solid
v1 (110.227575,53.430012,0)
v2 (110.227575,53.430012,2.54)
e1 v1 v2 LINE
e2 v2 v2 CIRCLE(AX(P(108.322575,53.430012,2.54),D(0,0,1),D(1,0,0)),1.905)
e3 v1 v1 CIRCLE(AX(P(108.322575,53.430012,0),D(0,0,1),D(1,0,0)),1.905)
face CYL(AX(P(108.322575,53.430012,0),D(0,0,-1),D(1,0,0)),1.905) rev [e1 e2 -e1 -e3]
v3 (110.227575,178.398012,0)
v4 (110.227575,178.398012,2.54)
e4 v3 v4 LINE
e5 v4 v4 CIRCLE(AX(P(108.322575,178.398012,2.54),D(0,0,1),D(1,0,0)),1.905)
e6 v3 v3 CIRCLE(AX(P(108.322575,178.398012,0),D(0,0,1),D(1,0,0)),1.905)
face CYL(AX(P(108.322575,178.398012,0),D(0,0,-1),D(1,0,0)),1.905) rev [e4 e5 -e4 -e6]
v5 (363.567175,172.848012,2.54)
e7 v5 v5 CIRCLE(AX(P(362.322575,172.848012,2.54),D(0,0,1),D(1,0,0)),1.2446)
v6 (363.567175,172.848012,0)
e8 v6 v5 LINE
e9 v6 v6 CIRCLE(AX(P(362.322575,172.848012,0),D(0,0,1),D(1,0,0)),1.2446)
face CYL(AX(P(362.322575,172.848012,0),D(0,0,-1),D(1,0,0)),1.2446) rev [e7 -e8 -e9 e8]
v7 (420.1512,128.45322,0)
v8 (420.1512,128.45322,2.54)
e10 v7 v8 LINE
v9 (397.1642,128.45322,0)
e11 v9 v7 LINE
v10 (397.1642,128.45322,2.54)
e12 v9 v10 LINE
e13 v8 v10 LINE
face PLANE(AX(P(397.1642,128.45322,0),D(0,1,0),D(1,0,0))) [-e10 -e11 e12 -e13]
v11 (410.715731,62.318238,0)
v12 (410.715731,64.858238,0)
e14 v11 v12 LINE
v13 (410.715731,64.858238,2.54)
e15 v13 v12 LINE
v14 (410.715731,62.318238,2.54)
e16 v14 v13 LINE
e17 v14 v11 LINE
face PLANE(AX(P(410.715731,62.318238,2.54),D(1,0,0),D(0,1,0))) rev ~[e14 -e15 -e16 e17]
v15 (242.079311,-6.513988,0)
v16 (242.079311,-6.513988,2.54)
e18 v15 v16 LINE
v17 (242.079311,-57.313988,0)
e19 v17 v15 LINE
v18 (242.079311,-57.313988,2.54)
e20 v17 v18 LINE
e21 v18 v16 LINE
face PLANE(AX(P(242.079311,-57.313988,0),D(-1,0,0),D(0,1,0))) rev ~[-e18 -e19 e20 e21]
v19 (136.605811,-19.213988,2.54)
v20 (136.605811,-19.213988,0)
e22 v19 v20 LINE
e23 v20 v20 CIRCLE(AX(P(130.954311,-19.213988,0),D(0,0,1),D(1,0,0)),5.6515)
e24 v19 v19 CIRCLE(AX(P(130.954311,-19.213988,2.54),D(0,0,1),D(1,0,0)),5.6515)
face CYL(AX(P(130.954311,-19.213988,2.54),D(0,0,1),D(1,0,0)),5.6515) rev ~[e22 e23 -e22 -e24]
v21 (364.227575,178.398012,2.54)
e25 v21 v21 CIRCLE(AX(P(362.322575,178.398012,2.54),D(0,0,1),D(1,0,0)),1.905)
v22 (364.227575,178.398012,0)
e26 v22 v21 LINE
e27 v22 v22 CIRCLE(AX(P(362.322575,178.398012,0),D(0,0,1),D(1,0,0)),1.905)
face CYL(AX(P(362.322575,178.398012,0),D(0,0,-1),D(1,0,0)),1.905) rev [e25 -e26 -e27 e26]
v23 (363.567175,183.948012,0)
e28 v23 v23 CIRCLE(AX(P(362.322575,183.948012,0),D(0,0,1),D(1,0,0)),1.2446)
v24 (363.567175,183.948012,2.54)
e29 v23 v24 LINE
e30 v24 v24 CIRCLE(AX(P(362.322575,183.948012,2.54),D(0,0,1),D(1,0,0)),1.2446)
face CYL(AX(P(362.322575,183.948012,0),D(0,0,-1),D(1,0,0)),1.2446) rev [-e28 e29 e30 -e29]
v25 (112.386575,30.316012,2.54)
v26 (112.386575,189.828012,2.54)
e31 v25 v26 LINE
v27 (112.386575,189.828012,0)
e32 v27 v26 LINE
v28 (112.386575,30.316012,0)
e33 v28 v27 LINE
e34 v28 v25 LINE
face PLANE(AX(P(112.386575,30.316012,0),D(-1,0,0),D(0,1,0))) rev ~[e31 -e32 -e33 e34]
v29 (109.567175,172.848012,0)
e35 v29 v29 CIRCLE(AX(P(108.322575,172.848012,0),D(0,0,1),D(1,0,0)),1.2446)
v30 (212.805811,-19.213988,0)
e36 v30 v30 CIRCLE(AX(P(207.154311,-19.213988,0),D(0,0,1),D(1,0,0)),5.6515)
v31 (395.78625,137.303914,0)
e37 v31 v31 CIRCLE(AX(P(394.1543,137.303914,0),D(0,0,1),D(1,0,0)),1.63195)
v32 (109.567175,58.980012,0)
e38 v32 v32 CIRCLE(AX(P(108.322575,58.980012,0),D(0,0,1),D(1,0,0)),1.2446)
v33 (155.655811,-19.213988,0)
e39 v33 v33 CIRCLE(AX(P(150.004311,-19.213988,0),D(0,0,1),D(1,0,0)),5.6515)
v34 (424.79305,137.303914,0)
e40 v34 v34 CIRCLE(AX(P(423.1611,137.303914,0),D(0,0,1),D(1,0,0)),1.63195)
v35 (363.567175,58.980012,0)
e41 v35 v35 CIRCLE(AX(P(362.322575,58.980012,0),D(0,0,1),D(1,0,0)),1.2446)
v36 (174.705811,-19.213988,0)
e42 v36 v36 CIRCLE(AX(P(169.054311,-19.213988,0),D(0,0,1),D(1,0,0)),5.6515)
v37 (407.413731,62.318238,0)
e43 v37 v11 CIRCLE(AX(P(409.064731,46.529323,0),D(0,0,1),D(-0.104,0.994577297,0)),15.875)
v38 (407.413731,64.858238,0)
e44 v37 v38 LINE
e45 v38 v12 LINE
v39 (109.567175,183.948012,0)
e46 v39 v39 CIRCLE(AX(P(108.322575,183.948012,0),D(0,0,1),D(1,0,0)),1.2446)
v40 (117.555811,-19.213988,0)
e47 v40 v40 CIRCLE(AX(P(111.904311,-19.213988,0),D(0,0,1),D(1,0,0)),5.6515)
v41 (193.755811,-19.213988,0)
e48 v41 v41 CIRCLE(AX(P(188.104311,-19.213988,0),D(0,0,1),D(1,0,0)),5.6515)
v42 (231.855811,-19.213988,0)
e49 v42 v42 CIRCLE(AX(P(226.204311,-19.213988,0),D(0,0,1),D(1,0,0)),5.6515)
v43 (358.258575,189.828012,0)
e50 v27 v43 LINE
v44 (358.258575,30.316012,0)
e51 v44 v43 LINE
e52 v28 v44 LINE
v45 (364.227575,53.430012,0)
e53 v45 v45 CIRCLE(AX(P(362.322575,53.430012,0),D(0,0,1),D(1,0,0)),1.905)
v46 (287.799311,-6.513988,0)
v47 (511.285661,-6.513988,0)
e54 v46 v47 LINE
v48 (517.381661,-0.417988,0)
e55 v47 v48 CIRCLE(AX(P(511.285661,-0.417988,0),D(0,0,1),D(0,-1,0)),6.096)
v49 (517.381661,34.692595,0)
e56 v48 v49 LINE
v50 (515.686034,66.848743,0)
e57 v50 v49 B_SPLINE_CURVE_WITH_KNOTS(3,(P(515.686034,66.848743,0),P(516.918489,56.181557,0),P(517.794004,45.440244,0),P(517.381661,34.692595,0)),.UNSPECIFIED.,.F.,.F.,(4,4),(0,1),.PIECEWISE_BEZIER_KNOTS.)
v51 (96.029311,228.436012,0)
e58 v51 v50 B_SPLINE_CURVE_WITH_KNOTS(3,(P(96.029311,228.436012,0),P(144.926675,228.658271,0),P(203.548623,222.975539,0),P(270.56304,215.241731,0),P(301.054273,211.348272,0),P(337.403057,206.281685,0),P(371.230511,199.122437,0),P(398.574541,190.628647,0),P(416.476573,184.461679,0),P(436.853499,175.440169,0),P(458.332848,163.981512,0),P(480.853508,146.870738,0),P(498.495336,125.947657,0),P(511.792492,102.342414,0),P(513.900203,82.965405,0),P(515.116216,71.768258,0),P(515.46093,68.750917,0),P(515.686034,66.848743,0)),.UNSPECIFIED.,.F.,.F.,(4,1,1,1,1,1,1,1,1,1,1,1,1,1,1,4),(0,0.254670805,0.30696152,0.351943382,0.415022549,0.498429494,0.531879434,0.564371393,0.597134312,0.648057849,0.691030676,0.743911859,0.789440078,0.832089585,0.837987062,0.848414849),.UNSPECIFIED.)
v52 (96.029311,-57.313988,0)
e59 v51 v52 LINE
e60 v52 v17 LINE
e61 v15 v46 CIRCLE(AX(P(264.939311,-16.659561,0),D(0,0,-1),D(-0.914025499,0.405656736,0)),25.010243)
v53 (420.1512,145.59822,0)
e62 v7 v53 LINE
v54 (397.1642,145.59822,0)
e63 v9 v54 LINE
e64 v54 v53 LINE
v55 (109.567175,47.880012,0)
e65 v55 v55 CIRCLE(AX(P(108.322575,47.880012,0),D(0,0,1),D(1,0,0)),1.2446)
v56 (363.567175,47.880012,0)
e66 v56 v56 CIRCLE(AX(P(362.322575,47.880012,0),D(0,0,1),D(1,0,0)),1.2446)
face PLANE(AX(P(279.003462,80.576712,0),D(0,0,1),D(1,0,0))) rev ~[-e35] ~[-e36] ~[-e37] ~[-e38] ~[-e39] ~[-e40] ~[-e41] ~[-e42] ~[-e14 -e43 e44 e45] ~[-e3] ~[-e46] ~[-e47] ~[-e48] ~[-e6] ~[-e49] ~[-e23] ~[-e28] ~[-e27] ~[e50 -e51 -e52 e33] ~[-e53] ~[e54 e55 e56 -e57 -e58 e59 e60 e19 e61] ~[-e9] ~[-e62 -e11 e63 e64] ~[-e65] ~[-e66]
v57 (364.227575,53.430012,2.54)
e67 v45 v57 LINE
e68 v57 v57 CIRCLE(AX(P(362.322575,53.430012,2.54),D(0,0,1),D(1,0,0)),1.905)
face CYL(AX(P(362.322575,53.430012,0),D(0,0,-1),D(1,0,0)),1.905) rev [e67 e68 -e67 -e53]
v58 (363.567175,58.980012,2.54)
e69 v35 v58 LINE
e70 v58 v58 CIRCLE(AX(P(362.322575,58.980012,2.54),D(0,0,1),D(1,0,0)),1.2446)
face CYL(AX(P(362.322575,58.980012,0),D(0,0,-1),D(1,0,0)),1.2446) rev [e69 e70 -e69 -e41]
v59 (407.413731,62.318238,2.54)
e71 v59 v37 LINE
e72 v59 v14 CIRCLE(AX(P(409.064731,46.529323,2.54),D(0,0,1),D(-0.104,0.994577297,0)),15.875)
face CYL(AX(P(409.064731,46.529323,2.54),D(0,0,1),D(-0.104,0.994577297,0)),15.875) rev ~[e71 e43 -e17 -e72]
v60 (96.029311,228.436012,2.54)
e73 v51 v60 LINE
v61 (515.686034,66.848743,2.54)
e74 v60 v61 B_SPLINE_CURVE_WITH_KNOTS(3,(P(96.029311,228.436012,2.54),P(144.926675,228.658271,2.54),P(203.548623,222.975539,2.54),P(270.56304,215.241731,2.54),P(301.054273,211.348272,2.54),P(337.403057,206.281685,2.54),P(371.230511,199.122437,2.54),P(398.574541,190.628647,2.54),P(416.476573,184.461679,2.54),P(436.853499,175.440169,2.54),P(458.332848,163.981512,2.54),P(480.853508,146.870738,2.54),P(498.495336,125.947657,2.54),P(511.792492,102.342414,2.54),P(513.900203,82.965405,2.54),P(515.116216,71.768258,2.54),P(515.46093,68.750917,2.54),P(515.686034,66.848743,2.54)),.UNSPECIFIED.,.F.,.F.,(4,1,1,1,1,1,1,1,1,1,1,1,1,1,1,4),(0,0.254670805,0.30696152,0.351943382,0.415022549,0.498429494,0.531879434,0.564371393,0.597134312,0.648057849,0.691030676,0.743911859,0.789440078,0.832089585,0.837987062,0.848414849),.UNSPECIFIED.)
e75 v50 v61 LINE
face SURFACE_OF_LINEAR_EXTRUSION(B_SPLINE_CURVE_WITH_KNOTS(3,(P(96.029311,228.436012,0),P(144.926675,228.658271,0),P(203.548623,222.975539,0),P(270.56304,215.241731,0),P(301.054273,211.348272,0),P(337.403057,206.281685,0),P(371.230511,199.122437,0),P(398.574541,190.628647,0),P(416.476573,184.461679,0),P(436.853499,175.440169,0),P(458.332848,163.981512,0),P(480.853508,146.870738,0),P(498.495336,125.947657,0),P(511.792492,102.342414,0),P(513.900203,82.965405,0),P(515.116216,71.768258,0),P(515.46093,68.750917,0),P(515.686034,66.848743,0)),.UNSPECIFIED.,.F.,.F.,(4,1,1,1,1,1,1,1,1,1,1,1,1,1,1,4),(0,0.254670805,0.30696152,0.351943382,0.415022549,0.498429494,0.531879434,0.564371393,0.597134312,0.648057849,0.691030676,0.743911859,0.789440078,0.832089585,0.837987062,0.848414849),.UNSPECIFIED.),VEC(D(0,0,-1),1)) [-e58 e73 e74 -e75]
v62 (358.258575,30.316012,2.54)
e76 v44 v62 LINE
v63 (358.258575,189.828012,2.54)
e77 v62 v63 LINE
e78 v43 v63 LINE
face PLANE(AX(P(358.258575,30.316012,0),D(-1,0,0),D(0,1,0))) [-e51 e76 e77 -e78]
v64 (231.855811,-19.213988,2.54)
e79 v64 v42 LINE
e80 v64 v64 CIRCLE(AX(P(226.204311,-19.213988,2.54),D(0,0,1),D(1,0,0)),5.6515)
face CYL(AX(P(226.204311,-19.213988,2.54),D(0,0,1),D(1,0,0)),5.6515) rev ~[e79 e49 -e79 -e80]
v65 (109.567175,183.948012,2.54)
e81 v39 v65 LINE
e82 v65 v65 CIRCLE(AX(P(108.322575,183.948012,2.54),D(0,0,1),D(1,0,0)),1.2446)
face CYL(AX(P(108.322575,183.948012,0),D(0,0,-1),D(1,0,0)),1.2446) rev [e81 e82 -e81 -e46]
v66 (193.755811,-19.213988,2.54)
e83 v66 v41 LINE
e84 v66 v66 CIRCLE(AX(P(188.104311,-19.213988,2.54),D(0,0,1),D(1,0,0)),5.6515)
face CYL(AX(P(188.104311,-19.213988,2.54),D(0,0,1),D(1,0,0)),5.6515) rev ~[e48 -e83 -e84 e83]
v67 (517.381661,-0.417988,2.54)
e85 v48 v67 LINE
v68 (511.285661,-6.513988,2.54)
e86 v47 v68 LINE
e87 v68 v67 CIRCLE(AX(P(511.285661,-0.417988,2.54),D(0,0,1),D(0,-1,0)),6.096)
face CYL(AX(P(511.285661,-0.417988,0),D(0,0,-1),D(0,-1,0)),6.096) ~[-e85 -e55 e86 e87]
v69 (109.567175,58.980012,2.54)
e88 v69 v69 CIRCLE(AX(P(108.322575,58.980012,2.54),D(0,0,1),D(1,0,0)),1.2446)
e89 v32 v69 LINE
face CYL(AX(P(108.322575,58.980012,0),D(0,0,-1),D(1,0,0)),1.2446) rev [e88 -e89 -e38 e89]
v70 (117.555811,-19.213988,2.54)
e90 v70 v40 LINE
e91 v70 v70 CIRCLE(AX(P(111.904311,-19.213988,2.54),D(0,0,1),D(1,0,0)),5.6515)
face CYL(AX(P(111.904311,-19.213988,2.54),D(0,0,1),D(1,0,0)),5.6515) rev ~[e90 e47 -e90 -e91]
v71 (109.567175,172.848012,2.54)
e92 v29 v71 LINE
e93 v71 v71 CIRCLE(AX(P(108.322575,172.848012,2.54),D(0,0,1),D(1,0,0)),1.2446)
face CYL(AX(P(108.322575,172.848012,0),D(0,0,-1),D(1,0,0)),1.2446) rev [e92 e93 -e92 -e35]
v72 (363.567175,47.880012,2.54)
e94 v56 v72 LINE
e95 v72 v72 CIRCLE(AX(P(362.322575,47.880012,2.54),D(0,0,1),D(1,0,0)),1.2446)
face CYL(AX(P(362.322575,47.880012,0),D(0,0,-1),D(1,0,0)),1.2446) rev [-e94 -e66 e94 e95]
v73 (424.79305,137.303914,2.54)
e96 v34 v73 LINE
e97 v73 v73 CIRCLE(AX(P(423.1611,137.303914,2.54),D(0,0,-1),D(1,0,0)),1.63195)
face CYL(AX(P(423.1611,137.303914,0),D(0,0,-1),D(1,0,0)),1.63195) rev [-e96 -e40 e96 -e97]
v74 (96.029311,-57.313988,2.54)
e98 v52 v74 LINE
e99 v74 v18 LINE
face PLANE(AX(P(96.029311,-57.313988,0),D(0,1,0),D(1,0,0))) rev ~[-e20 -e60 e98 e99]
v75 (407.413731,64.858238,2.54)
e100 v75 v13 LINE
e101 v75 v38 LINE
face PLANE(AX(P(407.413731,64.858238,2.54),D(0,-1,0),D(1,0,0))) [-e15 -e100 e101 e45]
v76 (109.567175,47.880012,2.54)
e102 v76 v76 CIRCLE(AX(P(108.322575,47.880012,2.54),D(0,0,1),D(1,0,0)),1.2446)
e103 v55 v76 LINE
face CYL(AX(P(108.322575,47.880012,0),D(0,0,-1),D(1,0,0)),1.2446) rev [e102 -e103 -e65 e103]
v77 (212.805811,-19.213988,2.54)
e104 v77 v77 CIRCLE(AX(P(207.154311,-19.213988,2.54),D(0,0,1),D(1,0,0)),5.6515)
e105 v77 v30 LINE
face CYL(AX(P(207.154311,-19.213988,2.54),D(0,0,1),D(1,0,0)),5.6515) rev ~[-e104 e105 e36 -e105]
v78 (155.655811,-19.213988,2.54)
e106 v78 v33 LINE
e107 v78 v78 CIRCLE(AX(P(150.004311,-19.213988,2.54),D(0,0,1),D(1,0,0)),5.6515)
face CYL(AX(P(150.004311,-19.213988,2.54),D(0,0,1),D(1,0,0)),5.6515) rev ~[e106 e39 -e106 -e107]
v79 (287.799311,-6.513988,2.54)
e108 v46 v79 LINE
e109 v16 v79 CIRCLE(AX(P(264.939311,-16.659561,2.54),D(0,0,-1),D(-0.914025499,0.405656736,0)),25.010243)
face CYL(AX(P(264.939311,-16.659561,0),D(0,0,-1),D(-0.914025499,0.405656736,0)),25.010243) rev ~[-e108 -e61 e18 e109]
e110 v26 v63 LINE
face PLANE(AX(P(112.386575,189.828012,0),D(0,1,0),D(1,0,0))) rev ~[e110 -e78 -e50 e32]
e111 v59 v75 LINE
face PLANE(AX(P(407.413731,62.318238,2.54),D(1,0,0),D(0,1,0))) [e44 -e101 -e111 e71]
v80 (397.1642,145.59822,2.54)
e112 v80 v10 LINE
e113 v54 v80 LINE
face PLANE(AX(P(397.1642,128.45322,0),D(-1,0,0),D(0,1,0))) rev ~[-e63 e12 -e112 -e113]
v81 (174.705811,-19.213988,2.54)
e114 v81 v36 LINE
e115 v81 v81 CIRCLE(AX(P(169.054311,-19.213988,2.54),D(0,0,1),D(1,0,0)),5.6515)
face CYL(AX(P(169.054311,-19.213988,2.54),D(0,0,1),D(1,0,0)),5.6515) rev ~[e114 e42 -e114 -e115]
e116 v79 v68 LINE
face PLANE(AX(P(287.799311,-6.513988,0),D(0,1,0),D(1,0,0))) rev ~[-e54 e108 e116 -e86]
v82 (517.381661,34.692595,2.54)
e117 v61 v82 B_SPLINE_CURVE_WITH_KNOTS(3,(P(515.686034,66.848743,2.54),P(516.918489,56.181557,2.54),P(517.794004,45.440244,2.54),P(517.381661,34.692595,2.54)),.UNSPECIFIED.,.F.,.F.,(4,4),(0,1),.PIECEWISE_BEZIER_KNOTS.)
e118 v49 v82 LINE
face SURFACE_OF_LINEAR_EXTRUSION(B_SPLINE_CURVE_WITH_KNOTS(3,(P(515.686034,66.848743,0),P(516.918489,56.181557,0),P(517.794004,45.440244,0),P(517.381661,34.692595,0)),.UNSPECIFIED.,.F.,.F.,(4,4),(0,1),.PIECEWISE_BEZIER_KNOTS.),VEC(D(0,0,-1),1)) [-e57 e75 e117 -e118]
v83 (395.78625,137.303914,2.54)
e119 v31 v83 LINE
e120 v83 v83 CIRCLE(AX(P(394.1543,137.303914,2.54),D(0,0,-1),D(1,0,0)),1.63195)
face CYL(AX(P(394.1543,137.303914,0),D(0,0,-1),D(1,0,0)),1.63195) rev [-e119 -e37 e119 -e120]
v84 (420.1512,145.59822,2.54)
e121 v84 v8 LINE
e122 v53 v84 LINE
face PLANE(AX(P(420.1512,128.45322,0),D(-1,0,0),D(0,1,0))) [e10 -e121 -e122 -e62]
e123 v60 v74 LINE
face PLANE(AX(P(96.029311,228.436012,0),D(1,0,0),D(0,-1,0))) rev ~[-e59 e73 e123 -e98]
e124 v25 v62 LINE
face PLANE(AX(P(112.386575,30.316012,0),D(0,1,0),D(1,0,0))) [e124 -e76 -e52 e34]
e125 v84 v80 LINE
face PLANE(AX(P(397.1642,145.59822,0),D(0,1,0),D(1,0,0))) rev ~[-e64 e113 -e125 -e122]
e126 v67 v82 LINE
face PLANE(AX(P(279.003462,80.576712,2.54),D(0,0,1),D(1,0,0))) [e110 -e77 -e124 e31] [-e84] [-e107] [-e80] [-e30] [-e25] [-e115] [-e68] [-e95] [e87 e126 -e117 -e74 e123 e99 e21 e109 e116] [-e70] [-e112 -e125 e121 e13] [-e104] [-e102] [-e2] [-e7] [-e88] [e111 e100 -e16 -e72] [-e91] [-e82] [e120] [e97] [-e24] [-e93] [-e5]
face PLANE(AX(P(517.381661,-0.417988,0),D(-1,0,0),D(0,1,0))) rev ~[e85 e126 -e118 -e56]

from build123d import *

# Parameters (mm, degrees)
SKETCH1_R               = 1.905
SKETCH1_R_2             = 1.2446
SKETCH1_W               = 245.872
SKETCH1_H               = 159.512
BOSS_EXTRUDE1_DEPTH     = 2.54
SKETCH2_R               = 5.6515
SKETCH2_R_2             = 15.875
SKETCH2_W               = 3.302
SKETCH2_H               = 2.54
CUT_EXTRUDE2_DEPTH      = 3.5400001
SKETCH3_R               = 1.63195
SKETCH3_W               = 22.987
SKETCH3_H               = 17.145
CUT_EXTRUDE5_DEPTH      = 3.5400001
CUT_EXTRUDE5_DEPTH_BACK = 1.0000001


with BuildPart() as part:
    # Sketch1 → Boss-Extrude1 (new body)
    with BuildSketch(Plane.XY):
        with BuildLine():
            Line((96.029310651, -57.313987504), (242.079310651, -57.313987504))
            Line((242.079310651, -57.313987504), (242.079310651, -6.513987504))
            ThreePointArc((242.079310651, -6.513987504), (264.939310651, 8.350682057), (287.799310651, -6.513987504))
            Line((287.799310651, -6.513987504), (490.999310651, -6.513987504))
            Line((490.999310651, -6.513987504), (511.285660852, -6.513987504))
            ThreePointArc((511.285660852, -6.513987504), (515.59618379, -4.728510442), (517.381660852, -0.417987504))
            Line((517.381660852, -0.417987504), (517.381660852, 34.692594504))
            add(Edge.make_bspline(
                [(515.686034075, 66.84874319), (516.918488575, 56.181556652), (517.794003636, 45.440244355), (517.381660852, 34.692594504)],
                knots=[0, 0, 0, 0, 1, 1, 1, 1], degree=3))
            add(Edge.make_bspline(
                [(96.029310651, 228.436012496), (144.926674915, 228.658270785), (203.548623262, 222.975538923), (270.563039618, 215.241730599), (301.05427316, 211.348272032), (337.403056688, 206.281684921), (371.23051068, 199.122437102), (398.574540544, 190.628647424), (416.476572896, 184.461678972), (436.853499291, 175.440168675), (458.332847863, 163.981511619), (480.853508434, 146.870738004), (498.495336111, 125.94765692), (511.792491849, 102.342414185), (513.900203367, 82.965404627), (515.116215806, 71.768257938), (515.46092989, 68.750917138), (515.686034075, 66.84874319)],
                knots=[0, 0, 0, 0, 0.254670805, 0.30696152, 0.351943382, 0.415022549, 0.498429494, 0.531879434, 0.564371393, 0.597134312, 0.648057849, 0.691030676, 0.743911859, 0.789440078, 0.832089585, 0.837987062, 0.848414849, 0.848414849, 0.848414849, 0.848414849], degree=3))
            Line((96.029310651, 228.436012496), (96.029310651, -57.313987504))
        make_face()
        with Locations((362.322574979, 178.398012496)):
            Circle(SKETCH1_R, mode=Mode.SUBTRACT)
        with Locations((108.322574979, 178.398012496)):
            Circle(SKETCH1_R, mode=Mode.SUBTRACT)
        with Locations((108.322574979, 53.430012496)):
            Circle(SKETCH1_R, mode=Mode.SUBTRACT)
        with Locations((362.322574979, 53.430012496)):
            Circle(SKETCH1_R, mode=Mode.SUBTRACT)
        with Locations((108.322574979, 183.948012496)):
            Circle(SKETCH1_R_2, mode=Mode.SUBTRACT)
        with Locations((108.322574979, 172.848012496)):
            Circle(SKETCH1_R_2, mode=Mode.SUBTRACT)
        with Locations((108.322574979, 58.980012496)):
            Circle(SKETCH1_R_2, mode=Mode.SUBTRACT)
        with Locations((108.322574979, 47.880012496)):
            Circle(SKETCH1_R_2, mode=Mode.SUBTRACT)
        with Locations((362.322574979, 183.948012496)):
            Circle(SKETCH1_R_2, mode=Mode.SUBTRACT)
        with Locations((362.322574979, 172.848012496)):
            Circle(SKETCH1_R_2, mode=Mode.SUBTRACT)
        with Locations((362.322574979, 58.980012496)):
            Circle(SKETCH1_R_2, mode=Mode.SUBTRACT)
        with Locations((362.322574979, 47.880012496)):
            Circle(SKETCH1_R_2, mode=Mode.SUBTRACT)
        with Locations((235.322574979, 110.072012496)):
            Rectangle(SKETCH1_W, SKETCH1_H, mode=Mode.SUBTRACT)
    extrude(amount=BOSS_EXTRUDE1_DEPTH)

    # Sketch2 → Cut-Extrude2 (cut, through all)
    with BuildSketch(Plane.XY.offset(2.54)):
        with Locations((111.904310651, -19.213987504)):
            Circle(SKETCH2_R)
        with Locations((130.954310651, -19.213987504)):
            Circle(SKETCH2_R)
        with Locations((150.004310651, -19.213987504)):
            Circle(SKETCH2_R)
        with Locations((169.054310651, -19.213987504)):
            Circle(SKETCH2_R)
        with Locations((188.104310651, -19.213987504)):
            Circle(SKETCH2_R)
        with Locations((207.154310651, -19.213987504)):
            Circle(SKETCH2_R)
        with Locations((226.204310651, -19.213987504)):
            Circle(SKETCH2_R)
        with Locations((409.064731107, 46.529323291)):
            Circle(SKETCH2_R_2)
        with Locations((409.064731107, 63.588237883)):
            Rectangle(SKETCH2_W, SKETCH2_H)
    extrude(amount=-CUT_EXTRUDE2_DEPTH, mode=Mode.SUBTRACT)

    # Sketch3 → Cut-Extrude5 (cut, two sides)
    with BuildSketch(Plane.XY) as cut_extrude5_sk:
        with Locations((394.154299515, 137.303914333)):
            Circle(SKETCH3_R)
        with Locations((423.161099515, 137.303914333)):
            Circle(SKETCH3_R)
        with Locations((408.657699515, 137.025719993)):
            Rectangle(SKETCH3_W, SKETCH3_H)
    extrude(amount=CUT_EXTRUDE5_DEPTH, mode=Mode.SUBTRACT)
    extrude(cut_extrude5_sk.sketch, amount=-CUT_EXTRUDE5_DEPTH_BACK, mode=Mode.SUBTRACT)


solid = part.part
